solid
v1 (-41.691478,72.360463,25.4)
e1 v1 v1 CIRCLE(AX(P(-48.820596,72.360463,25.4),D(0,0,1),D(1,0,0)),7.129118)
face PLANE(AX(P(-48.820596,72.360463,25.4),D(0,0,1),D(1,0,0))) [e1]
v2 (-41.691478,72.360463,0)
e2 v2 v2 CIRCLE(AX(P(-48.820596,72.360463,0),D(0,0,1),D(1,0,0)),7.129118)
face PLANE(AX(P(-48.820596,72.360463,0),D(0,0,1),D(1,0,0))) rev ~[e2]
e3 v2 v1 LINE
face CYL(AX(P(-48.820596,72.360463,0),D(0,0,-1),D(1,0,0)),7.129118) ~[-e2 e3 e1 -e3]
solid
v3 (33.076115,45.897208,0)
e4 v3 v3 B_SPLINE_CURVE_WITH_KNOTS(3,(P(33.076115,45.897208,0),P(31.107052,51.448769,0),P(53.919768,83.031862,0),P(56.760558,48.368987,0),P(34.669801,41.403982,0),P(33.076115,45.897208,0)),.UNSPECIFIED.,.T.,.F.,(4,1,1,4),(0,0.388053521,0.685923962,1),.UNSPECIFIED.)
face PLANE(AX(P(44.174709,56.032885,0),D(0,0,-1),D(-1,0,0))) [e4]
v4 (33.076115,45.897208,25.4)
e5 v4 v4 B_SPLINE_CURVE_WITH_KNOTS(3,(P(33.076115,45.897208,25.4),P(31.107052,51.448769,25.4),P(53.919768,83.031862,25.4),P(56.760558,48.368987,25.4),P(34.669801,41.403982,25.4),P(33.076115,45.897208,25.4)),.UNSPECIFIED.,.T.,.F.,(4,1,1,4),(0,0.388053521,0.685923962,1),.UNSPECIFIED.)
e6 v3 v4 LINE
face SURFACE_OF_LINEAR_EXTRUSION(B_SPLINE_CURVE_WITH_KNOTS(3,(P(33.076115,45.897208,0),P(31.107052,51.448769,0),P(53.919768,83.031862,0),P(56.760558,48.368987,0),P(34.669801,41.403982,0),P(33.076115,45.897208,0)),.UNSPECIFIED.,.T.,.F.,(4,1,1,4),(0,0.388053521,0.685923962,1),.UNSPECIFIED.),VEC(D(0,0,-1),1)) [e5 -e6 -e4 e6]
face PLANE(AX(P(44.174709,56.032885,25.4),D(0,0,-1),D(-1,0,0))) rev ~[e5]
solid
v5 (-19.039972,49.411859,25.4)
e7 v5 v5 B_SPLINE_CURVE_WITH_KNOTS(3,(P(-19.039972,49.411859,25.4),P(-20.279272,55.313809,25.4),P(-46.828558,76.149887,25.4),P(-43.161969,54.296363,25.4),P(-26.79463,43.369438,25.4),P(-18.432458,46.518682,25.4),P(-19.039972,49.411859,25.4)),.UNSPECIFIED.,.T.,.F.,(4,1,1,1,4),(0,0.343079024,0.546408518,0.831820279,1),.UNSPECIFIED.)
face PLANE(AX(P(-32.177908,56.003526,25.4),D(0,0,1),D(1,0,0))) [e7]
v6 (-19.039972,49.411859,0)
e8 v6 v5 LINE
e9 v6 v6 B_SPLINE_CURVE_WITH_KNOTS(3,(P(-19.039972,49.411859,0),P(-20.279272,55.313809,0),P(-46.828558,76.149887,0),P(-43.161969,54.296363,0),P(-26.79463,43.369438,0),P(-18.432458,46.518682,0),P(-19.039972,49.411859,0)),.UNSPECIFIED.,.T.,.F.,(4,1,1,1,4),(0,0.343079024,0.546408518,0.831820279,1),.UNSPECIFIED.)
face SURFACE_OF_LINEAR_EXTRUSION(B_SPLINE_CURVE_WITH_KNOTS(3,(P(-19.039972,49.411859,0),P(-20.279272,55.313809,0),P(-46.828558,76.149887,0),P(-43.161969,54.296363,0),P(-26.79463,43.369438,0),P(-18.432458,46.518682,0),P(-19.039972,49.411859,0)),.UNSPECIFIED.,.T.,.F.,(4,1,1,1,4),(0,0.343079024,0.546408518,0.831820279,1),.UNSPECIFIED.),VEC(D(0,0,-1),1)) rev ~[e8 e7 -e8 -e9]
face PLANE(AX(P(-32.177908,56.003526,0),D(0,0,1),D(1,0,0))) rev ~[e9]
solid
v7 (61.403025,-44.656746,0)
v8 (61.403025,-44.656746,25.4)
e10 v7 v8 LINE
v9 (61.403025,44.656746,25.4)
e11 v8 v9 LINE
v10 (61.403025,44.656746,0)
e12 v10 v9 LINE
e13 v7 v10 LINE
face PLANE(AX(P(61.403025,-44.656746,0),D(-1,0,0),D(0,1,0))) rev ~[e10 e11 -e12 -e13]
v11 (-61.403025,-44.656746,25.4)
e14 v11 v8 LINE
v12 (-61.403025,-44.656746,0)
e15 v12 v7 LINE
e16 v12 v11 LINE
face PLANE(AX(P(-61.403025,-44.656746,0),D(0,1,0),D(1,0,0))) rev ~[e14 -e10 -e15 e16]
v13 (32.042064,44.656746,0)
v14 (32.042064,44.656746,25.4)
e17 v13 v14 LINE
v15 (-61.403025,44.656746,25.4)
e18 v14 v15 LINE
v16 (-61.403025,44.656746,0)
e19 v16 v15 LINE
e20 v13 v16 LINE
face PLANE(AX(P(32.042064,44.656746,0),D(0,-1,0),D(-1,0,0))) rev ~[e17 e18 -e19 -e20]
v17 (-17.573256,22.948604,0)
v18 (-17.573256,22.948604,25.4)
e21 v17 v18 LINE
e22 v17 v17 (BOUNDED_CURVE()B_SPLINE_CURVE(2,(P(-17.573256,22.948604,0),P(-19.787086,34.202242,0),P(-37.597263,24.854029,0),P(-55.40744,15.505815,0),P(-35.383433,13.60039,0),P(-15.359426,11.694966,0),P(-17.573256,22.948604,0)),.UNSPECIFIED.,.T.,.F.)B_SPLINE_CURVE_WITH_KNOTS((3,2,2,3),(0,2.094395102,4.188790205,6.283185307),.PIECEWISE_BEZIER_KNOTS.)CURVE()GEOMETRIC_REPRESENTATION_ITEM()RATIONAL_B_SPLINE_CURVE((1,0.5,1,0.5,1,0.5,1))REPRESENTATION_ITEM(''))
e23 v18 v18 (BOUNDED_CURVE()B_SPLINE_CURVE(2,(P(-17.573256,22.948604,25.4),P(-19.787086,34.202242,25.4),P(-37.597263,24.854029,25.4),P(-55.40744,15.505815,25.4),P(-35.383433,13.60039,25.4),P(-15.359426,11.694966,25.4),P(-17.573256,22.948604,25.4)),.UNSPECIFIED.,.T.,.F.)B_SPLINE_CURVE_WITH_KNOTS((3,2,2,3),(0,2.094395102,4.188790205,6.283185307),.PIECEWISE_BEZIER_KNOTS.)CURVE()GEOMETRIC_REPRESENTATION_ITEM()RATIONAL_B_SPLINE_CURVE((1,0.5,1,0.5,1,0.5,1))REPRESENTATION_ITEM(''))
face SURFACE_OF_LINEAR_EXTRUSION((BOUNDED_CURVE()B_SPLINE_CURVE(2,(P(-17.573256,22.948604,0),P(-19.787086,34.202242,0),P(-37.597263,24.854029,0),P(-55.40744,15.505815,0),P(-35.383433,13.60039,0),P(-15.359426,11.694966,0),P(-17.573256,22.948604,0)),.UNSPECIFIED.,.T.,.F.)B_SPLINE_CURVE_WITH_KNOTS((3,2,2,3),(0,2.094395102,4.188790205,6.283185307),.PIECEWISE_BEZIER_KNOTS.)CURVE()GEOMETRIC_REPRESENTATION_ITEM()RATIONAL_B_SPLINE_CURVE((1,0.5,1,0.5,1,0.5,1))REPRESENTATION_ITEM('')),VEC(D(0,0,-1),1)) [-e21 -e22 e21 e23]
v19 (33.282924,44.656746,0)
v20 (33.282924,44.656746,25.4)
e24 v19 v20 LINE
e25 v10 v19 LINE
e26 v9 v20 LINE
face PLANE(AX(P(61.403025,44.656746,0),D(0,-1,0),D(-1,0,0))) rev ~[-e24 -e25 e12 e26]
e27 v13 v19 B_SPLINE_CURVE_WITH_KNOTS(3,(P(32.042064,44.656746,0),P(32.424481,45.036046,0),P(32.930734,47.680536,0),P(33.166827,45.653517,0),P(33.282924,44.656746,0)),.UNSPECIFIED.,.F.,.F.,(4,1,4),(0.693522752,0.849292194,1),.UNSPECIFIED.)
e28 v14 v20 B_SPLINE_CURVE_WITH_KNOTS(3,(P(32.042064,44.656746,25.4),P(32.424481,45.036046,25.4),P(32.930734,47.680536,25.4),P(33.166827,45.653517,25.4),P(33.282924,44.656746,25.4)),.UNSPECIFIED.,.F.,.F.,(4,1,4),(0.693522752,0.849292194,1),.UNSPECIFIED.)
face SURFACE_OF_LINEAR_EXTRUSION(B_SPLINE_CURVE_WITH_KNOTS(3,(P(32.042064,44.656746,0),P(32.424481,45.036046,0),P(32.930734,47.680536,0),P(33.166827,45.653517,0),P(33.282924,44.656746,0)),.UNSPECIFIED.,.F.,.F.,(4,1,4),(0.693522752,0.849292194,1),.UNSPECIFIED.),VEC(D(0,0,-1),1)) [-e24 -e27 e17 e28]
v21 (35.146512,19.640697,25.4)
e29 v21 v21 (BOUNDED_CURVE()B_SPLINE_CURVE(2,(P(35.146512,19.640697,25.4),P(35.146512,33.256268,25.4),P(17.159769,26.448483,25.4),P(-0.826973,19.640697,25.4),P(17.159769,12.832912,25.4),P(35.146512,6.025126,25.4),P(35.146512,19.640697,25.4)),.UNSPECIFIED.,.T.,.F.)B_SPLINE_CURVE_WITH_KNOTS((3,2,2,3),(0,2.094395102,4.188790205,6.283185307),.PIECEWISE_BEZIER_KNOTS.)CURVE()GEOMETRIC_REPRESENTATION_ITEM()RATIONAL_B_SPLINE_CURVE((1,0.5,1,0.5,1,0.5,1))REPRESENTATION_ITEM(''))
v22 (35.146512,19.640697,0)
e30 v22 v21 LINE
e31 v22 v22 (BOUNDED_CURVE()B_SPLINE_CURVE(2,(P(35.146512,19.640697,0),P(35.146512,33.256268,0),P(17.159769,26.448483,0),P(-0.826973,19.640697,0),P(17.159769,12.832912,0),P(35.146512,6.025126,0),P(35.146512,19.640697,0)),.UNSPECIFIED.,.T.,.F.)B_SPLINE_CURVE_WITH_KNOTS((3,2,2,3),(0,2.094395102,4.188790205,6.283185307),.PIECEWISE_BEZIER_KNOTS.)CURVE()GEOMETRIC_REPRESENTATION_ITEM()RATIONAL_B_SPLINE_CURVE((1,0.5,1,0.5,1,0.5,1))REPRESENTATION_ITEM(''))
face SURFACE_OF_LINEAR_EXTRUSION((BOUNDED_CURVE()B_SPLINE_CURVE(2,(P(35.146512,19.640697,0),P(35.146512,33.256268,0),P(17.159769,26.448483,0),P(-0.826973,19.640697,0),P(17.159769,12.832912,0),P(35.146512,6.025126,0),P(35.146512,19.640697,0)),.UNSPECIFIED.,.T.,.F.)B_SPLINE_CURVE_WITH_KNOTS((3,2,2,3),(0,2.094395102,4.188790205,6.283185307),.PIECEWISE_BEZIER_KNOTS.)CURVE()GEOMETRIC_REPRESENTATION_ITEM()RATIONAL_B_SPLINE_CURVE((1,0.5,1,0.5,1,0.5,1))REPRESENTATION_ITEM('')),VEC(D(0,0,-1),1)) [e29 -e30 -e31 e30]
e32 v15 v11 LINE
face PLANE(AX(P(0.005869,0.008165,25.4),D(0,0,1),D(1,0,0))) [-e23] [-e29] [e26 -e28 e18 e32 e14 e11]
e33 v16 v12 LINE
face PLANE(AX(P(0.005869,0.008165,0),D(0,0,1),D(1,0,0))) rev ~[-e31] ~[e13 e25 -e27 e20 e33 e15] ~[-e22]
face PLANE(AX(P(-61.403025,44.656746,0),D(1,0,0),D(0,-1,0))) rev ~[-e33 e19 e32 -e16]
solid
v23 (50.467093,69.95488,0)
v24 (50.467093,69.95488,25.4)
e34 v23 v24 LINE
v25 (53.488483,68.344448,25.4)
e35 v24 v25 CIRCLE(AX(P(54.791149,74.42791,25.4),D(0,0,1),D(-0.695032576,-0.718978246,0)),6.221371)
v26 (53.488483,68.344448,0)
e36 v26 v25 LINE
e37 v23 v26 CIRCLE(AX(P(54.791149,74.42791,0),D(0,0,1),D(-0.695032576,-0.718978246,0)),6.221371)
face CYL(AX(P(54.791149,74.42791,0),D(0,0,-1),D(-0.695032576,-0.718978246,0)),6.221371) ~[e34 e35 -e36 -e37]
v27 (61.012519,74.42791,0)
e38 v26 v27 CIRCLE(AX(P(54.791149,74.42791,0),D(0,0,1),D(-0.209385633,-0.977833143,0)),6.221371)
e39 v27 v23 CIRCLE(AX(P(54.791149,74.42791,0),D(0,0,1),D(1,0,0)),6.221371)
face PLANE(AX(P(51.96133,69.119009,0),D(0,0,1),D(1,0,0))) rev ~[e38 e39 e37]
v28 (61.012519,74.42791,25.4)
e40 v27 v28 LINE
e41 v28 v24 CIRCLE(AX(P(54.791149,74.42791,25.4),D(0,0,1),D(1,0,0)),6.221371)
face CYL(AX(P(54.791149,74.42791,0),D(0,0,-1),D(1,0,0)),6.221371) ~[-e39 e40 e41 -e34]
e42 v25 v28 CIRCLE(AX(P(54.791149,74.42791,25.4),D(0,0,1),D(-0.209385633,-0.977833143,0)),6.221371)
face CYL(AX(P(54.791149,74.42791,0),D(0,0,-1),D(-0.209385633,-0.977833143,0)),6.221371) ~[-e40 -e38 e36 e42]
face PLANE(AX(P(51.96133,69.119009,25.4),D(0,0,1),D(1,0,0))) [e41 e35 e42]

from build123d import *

# Parameters (mm, degrees)
F1_DEPTH = 25.4
F0_R     = 7.1291178454
F3_DEPTH = 25.4


with BuildPart() as f1:
    # F0 (on Top) → F1 (new body)
    with BuildSketch(Plane.XY):
        with BuildLine():
            ThreePointArc((50.4670934629, 69.9548799766), (51.8648250984, 68.9377295564), (53.4884831128, 68.3444477058))
            add(Edge.make_bspline(
                [(50.4670934629, 69.9548799766), (51.67938739, 69.5537530757), (52.7325190993, 68.8736623691), (53.4884831128, 68.3444477058)],
                knots=[0.7241837318, 0.7241837318, 0.7241837318, 0.7241837318, 0.856927309, 0.856927309, 0.856927309, 0.856927309], degree=3))
        make_face()
        with BuildLine():
            add(Edge.make_bspline(
                [(50.4670934629, 69.9548799766), (51.67938739, 69.5537530757), (52.7325190993, 68.8736623691), (53.4884831128, 68.3444477058)],
                knots=[0.7241837318, 0.7241837318, 0.7241837318, 0.7241837318, 0.856927309, 0.856927309, 0.856927309, 0.856927309], degree=3))
            ThreePointArc((53.4884831128, 68.3444477058), (58.7027396854, 69.5900480762), (61.0125194262, 74.4279101491))
            ThreePointArc((61.0125194262, 74.4279101491), (52.3617555873, 80.1553442969), (50.4670934629, 69.9548799766))
        make_face()
    extrude(amount=F1_DEPTH)


with BuildPart() as f1b:
    # F0 (on Top) → F1, piece 2 (new body)
    with BuildSketch(Plane.XY):
        with BuildLine():
            Line((-61.4030249417, -44.6567460895), (61.4030249417, -44.6567460895))
            Line((61.4030249417, -44.6567460895), (61.4030249417, 44.6567460895))
            Line((61.4030249417, 44.6567460895), (33.2829244435, 44.6567460895))
            Line((33.2829244435, 44.6567460895), (32.0420637727, 44.6567460895))
            add(Edge.make_bspline(
                [(31.6284447908, 44.6567460895), (31.6719465842, 44.5108211024), (31.8697115608, 44.4857987754), (32.0420637727, 44.6567460895)],
                knots=[0.6233187493, 0.6233187493, 0.6233187493, 0.6233187493, 0.6935227523, 0.6935227523, 0.6935227523, 0.6935227523], degree=3))
            Line((31.6284447908, 44.6567460895), (-61.4030249417, 44.6567460895))
            Line((-61.4030249417, 44.6567460895), (-61.4030249417, -44.6567460895))
        make_face()
        with BuildLine():
            add(Edge.make_bspline(
                [(-17.5732560456, 22.9486040771), (-19.7870861976, 34.2022424839), (-37.5972632437, 24.8540287044), (-55.4074402899, 15.5058149248), (-35.3834330917, 13.6003902976), (-15.3594258935, 11.6949656703), (-17.5732560456, 22.9486040771)],
                knots=[0, 0, 0, 2.0943951024, 2.0943951024, 4.1887902048, 4.1887902048, 6.2831853072, 6.2831853072, 6.2831853072], degree=2, weights=[1, 0.5, 1, 0.5, 1, 0.5, 1]))
        make_face(mode=Mode.SUBTRACT)
        with BuildLine():
            add(Edge.make_bspline(
                [(35.1465120912, 19.6406971663), (35.1465120912, 33.2562682867), (17.1597693115, 26.4484827265), (-0.8269734681, 19.6406971663), (17.1597693115, 12.8329116062), (35.1465120912, 6.025126046), (35.1465120912, 19.6406971663)],
                knots=[0, 0, 0, 2.0943951024, 2.0943951024, 4.1887902048, 4.1887902048, 6.2831853072, 6.2831853072, 6.2831853072], degree=2, weights=[1, 0.5, 1, 0.5, 1, 0.5, 1]))
        make_face(mode=Mode.SUBTRACT)
        with BuildLine():
            Line((32.0420637727, 44.6567460895), (33.2829244435, 44.6567460895))
            add(Edge.make_bspline(
                [(32.0420637727, 44.6567460895), (32.4244808231, 45.0360459366), (32.9307335094, 47.6805361445), (33.1668272031, 45.6535170079), (33.2829244435, 44.6567460895)],
                knots=[0.6935227523, 0.6935227523, 0.6935227523, 0.6935227523, 0.8492921936, 1, 1, 1, 1], degree=3))
        make_face()
        with BuildLine():
            Line((32.0420637727, 44.6567460895), (31.6284447908, 44.6567460895))
            add(Edge.make_bspline(
                [(31.6284447908, 44.6567460895), (31.6719465842, 44.5108211024), (31.8697115608, 44.4857987754), (32.0420637727, 44.6567460895)],
                knots=[0.6233187493, 0.6233187493, 0.6233187493, 0.6233187493, 0.6935227523, 0.6935227523, 0.6935227523, 0.6935227523], degree=3))
        make_face()
    extrude(amount=F1_DEPTH)


with BuildPart() as f1c:
    # F0 (on Top) → F1, piece 3 (new body)
    with BuildSketch(Plane.XY):
        with BuildLine():
            add(Edge.make_bspline(
                [(-19.039971754, 49.4118593633), (-20.2792718662, 55.3138094476), (-46.8285584894, 76.1498871453), (-43.1619688481, 54.2963633972), (-26.7946297406, 43.3694384517), (-18.4324582283, 46.5186824254), (-19.039971754, 49.4118593633)],
                knots=[0, 0, 0, 0, 0.3430790237, 0.5464085177, 0.8318202789, 1, 1, 1, 1], degree=3))
        make_face()
    extrude(amount=F1_DEPTH)


with BuildPart() as f1d:
    # F0 (on Top) → F1, piece 4 (new body)
    with BuildSketch(Plane.XY):
        with Locations((-48.8205961883, 72.3604634404)):
            Circle(F0_R)
    extrude(amount=F1_DEPTH)


with BuildPart() as f3:
    # F2 (on Top) → F3 (new body)
    with BuildSketch(Plane.XY):
        with BuildLine():
            add(Edge.make_bspline(
                [(33.0761149526, 45.8972081542), (31.1070518213, 51.4487691155), (53.9197684523, 83.0318615687), (56.7605581654, 48.3689867838), (34.6698011682, 41.4039818889), (33.0761149526, 45.8972081542)],
                knots=[0, 0, 0, 0, 0.3880535212, 0.6859239616, 1, 1, 1, 1], degree=3))
        make_face()
    extrude(amount=F3_DEPTH)


solid = Compound([f1.part, f1b.part, f1c.part, f1d.part, f3.part])
